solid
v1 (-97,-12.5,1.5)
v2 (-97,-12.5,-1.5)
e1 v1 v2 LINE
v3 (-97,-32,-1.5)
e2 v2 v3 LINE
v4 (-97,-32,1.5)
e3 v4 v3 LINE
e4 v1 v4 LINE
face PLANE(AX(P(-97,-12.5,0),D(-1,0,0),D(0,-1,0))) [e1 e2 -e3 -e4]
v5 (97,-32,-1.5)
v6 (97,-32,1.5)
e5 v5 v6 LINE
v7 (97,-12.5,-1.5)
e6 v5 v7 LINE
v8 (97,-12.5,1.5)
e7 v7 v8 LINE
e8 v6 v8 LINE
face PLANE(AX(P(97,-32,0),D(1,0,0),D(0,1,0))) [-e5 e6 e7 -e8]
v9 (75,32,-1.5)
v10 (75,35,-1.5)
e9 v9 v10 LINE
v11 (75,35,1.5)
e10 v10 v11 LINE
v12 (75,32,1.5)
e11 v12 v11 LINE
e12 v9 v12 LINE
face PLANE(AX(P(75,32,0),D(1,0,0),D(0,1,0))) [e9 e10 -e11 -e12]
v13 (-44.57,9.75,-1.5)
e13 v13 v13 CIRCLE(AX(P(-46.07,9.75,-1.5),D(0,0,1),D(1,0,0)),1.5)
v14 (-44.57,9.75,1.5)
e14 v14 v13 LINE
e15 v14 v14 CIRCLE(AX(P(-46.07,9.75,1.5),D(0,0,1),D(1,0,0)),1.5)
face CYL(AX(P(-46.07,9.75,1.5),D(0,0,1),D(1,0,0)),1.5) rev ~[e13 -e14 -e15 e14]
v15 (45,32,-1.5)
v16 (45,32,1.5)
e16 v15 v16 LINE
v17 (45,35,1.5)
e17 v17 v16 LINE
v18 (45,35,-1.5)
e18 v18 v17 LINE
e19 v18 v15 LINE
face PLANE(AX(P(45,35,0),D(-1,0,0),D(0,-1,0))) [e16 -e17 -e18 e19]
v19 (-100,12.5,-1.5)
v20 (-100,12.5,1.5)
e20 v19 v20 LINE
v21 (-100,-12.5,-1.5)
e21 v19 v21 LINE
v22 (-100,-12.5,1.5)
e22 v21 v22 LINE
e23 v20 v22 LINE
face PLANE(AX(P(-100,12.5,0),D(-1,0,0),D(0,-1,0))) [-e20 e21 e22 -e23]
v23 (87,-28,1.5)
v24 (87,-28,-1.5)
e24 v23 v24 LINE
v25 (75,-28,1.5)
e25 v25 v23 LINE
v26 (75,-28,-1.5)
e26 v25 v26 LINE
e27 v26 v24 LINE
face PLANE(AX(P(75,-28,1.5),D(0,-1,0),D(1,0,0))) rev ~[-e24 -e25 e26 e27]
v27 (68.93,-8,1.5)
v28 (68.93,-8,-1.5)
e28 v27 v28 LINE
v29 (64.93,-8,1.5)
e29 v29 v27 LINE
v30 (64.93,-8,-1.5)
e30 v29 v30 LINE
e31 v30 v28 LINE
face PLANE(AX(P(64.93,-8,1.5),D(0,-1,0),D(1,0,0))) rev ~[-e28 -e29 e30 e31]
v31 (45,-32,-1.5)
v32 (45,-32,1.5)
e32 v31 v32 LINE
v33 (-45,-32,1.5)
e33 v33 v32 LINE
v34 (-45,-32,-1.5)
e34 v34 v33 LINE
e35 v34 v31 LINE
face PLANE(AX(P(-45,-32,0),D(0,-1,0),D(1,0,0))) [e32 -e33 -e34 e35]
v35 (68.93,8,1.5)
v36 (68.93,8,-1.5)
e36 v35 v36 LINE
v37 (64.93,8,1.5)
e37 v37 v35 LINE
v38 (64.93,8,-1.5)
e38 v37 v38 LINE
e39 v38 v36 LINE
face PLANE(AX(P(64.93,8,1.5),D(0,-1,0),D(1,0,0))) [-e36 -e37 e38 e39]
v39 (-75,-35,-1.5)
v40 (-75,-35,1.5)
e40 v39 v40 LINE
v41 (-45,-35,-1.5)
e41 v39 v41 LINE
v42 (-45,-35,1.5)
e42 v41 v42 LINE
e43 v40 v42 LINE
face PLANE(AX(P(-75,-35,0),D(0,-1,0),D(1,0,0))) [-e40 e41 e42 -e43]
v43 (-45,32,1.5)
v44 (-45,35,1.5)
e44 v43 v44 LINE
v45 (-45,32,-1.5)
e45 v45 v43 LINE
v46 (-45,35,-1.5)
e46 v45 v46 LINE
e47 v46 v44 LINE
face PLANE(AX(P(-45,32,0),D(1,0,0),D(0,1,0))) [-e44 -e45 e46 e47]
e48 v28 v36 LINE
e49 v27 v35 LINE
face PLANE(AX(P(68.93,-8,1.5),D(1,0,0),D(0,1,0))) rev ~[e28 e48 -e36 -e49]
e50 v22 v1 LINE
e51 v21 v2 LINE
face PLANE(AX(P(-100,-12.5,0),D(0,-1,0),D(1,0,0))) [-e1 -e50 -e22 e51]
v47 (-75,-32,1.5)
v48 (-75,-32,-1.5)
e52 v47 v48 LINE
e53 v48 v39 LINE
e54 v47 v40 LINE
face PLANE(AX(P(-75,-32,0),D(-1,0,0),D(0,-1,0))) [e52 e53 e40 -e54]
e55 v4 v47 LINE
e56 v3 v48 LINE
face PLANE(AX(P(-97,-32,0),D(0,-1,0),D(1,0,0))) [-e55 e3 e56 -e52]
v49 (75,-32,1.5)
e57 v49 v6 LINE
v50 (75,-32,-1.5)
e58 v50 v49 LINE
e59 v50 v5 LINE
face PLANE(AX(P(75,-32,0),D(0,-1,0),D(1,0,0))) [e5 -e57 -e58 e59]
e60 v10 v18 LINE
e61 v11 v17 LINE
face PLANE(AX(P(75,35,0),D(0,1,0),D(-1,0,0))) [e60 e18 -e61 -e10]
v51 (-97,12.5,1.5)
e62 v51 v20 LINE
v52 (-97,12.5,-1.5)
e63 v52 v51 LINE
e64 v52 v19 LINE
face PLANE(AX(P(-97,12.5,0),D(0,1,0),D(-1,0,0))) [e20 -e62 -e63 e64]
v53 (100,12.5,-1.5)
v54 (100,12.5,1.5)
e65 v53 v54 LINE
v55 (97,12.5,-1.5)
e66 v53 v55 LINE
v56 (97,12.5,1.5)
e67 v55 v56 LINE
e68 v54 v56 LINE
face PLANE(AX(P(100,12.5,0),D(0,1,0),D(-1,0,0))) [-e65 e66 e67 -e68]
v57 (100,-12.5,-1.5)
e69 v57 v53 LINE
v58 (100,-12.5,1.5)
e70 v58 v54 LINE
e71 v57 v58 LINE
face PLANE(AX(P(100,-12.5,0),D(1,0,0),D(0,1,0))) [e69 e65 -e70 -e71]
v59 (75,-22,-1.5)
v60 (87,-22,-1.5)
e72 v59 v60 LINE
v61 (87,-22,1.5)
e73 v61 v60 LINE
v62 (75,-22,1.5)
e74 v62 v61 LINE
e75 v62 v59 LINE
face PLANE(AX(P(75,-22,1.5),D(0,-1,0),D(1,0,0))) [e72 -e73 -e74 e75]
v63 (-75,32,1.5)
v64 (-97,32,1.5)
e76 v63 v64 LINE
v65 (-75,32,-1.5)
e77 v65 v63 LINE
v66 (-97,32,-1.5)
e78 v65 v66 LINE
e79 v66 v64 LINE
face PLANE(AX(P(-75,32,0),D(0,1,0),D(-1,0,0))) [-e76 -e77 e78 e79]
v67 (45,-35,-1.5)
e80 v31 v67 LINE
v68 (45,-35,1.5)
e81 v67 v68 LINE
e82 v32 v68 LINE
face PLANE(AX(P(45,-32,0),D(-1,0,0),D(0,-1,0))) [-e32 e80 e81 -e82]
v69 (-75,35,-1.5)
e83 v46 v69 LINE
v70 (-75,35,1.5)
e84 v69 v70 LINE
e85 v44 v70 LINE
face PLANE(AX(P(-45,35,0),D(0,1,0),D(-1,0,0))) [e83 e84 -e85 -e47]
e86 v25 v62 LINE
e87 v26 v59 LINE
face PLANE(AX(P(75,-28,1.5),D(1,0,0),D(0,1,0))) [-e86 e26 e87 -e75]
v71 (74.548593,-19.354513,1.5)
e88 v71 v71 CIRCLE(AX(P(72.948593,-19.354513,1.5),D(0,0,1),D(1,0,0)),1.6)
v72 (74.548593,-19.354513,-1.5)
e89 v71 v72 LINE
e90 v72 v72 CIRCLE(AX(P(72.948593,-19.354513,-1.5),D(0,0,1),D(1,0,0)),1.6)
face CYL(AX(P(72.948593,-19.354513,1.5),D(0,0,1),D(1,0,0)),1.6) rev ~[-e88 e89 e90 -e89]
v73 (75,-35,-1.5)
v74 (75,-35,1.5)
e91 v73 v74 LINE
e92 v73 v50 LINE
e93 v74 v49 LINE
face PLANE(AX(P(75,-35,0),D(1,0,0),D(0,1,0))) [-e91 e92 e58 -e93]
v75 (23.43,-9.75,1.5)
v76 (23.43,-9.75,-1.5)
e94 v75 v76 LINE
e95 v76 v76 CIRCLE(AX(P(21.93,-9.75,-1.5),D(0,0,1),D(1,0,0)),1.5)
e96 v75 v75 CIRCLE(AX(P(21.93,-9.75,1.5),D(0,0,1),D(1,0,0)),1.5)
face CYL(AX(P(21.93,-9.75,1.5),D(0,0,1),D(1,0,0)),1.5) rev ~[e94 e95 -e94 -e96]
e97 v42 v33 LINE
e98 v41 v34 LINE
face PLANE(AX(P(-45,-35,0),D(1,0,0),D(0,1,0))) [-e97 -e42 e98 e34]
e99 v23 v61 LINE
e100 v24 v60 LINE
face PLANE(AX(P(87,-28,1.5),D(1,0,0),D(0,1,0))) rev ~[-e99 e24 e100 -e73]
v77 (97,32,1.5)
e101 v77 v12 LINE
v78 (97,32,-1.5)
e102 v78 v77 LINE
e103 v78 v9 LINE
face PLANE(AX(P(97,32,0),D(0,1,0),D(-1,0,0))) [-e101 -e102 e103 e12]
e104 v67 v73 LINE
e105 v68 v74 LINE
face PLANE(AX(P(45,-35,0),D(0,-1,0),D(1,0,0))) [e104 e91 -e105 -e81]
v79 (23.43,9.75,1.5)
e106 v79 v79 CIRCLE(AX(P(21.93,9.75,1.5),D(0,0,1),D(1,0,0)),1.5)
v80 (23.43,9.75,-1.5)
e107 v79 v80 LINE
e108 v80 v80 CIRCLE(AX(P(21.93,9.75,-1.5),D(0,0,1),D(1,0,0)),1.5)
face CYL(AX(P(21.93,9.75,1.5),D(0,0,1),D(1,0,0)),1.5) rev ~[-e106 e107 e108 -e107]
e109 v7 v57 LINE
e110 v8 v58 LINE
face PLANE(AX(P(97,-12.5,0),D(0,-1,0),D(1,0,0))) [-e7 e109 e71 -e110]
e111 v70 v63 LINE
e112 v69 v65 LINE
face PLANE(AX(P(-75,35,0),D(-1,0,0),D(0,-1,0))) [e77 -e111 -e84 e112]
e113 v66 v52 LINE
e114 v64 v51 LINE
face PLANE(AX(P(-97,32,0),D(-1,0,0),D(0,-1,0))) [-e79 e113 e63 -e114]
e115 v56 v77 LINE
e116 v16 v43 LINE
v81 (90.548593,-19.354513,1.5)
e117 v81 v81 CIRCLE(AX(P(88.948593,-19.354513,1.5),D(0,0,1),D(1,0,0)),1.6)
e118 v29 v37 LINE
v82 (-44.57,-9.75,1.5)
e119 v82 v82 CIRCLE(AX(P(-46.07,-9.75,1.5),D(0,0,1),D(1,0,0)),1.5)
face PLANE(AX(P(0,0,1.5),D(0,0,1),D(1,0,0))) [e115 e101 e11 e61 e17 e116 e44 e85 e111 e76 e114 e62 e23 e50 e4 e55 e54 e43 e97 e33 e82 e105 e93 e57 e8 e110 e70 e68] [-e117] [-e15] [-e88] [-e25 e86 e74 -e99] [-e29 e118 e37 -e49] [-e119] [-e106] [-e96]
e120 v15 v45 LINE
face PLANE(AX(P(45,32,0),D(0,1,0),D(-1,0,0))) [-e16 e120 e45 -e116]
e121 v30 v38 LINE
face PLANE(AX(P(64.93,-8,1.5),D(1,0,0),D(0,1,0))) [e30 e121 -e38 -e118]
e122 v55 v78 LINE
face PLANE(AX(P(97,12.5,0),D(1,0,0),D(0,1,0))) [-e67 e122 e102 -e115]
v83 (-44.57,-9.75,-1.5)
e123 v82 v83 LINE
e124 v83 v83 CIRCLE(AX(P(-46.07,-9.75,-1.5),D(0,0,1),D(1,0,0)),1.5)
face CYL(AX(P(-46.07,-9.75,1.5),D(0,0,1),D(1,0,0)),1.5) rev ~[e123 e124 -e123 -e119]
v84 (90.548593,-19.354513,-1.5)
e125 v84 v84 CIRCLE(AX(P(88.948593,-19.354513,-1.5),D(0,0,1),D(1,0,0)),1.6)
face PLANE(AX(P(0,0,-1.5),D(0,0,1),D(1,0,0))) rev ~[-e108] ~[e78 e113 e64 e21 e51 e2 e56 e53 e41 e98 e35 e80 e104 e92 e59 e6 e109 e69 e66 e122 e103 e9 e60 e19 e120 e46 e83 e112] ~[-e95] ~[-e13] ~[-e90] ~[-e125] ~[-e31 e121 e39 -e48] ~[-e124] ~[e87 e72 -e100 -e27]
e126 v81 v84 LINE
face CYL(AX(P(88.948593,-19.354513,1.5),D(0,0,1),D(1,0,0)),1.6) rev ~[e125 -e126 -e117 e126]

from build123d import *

# Parameters (mm, degrees)
SALIENTE_EXTRUIR1_DEPTH = 1.5
CROQUIS2_R              = 1.6
CORTAR_EXTRUIR1_DEPTH   = 10
CROQUIS3_W              = 12
CROQUIS3_H              = 6
CORTAR_EXTRUIR2_DEPTH   = 10
CROQUIS4_W              = 4
CROQUIS4_H              = 16
CORTAR_EXTRUIR3_DEPTH   = 10
CORTAR_EXTRUIR4_REACH   = 107.991
CROQUIS5_R              = 1.5


with BuildPart() as part:
    # Croquis1 → Saliente-Extruir1 (new, symmetric)
    with BuildSketch(Plane.XY):
        Polygon((-75, -32), (-75, -35), (-45, -35), (-45, -32), (45, -32), (45, -35), (75, -35), (75, -32), (97, -32), (97, -12.5), (100, -12.5), (100, 12.5), (97, 12.5), (97, 32), (75, 32), (75, 35), (45, 35), (45, 32), (-45, 32), (-45, 35), (-75, 35), (-75, 32), (-97, 32), (-97, 12.5), (-100, 12.5), (-100, -12.5), (-97, -12.5), (-97, -32), align=None)
    extrude(amount=SALIENTE_EXTRUIR1_DEPTH, both=True)

    # Croquis2 → Cortar-Extruir1 (cut)
    with BuildSketch(Plane.XY.offset(1.5)):
        with Locations((72.948592978, -19.354512833)):
            Circle(CROQUIS2_R)
        with Locations((88.948592978, -19.354512833)):
            Circle(CROQUIS2_R)
    extrude(amount=-CORTAR_EXTRUIR1_DEPTH, mode=Mode.SUBTRACT)

    # Croquis3 → Cortar-Extruir2 (cut)
    with BuildSketch(Plane.XY.offset(1.5)):
        with Locations((81, -25)):
            Rectangle(CROQUIS3_W, CROQUIS3_H)
    extrude(amount=-CORTAR_EXTRUIR2_DEPTH, mode=Mode.SUBTRACT)

    # Croquis4 → Cortar-Extruir3 (cut)
    with BuildSketch(Plane.XY.offset(1.5)):
        with Locations((66.93, 0)):
            Rectangle(CROQUIS4_W, CROQUIS4_H)
    extrude(amount=-CORTAR_EXTRUIR3_DEPTH, mode=Mode.SUBTRACT)

    # Croquis5 → Cortar-Extruir4 (cut, up to next)
    with BuildSketch(Plane.XY.offset(1.5), mode=Mode.PRIVATE) as cortar_extruir4_sk1:
        with Locations((21.93, 9.75)):
            Circle(CROQUIS5_R)
    cortar_extruir4_tool1 = extrude(cortar_extruir4_sk1.sketch, amount=-CORTAR_EXTRUIR4_REACH, mode=Mode.PRIVATE) & part.part
    # Croquis5 → Cortar-Extruir4 (cut, up to next)
    with BuildSketch(Plane.XY.offset(1.5), mode=Mode.PRIVATE) as cortar_extruir4_sk2:
        with Locations((21.93, -9.75)):
            Circle(CROQUIS5_R)
    cortar_extruir4_tool2 = extrude(cortar_extruir4_sk2.sketch, amount=-CORTAR_EXTRUIR4_REACH, mode=Mode.PRIVATE) & part.part
    # Croquis5 → Cortar-Extruir4 (cut, up to next)
    with BuildSketch(Plane.XY.offset(1.5), mode=Mode.PRIVATE) as cortar_extruir4_sk3:
        with Locations((-46.07, -9.75)):
            Circle(CROQUIS5_R)
    cortar_extruir4_tool3 = extrude(cortar_extruir4_sk3.sketch, amount=-CORTAR_EXTRUIR4_REACH, mode=Mode.PRIVATE) & part.part
    # Croquis5 → Cortar-Extruir4 (cut, up to next)
    with BuildSketch(Plane.XY.offset(1.5), mode=Mode.PRIVATE) as cortar_extruir4_sk4:
        with Locations((-46.07, 9.75)):
            Circle(CROQUIS5_R)
    cortar_extruir4_tool4 = extrude(cortar_extruir4_sk4.sketch, amount=-CORTAR_EXTRUIR4_REACH, mode=Mode.PRIVATE) & part.part
    add(cortar_extruir4_tool1.solids().sort_by_distance((21.93, 9.75, 1.5))[0], mode=Mode.SUBTRACT)
    add(cortar_extruir4_tool2.solids().sort_by_distance((21.93, -9.75, 1.5))[0], mode=Mode.SUBTRACT)
    add(cortar_extruir4_tool3.solids().sort_by_distance((-46.07, -9.75, 1.5))[0], mode=Mode.SUBTRACT)
    add(cortar_extruir4_tool4.solids().sort_by_distance((-46.07, 9.75, 1.5))[0], mode=Mode.SUBTRACT)


solid = part.part
